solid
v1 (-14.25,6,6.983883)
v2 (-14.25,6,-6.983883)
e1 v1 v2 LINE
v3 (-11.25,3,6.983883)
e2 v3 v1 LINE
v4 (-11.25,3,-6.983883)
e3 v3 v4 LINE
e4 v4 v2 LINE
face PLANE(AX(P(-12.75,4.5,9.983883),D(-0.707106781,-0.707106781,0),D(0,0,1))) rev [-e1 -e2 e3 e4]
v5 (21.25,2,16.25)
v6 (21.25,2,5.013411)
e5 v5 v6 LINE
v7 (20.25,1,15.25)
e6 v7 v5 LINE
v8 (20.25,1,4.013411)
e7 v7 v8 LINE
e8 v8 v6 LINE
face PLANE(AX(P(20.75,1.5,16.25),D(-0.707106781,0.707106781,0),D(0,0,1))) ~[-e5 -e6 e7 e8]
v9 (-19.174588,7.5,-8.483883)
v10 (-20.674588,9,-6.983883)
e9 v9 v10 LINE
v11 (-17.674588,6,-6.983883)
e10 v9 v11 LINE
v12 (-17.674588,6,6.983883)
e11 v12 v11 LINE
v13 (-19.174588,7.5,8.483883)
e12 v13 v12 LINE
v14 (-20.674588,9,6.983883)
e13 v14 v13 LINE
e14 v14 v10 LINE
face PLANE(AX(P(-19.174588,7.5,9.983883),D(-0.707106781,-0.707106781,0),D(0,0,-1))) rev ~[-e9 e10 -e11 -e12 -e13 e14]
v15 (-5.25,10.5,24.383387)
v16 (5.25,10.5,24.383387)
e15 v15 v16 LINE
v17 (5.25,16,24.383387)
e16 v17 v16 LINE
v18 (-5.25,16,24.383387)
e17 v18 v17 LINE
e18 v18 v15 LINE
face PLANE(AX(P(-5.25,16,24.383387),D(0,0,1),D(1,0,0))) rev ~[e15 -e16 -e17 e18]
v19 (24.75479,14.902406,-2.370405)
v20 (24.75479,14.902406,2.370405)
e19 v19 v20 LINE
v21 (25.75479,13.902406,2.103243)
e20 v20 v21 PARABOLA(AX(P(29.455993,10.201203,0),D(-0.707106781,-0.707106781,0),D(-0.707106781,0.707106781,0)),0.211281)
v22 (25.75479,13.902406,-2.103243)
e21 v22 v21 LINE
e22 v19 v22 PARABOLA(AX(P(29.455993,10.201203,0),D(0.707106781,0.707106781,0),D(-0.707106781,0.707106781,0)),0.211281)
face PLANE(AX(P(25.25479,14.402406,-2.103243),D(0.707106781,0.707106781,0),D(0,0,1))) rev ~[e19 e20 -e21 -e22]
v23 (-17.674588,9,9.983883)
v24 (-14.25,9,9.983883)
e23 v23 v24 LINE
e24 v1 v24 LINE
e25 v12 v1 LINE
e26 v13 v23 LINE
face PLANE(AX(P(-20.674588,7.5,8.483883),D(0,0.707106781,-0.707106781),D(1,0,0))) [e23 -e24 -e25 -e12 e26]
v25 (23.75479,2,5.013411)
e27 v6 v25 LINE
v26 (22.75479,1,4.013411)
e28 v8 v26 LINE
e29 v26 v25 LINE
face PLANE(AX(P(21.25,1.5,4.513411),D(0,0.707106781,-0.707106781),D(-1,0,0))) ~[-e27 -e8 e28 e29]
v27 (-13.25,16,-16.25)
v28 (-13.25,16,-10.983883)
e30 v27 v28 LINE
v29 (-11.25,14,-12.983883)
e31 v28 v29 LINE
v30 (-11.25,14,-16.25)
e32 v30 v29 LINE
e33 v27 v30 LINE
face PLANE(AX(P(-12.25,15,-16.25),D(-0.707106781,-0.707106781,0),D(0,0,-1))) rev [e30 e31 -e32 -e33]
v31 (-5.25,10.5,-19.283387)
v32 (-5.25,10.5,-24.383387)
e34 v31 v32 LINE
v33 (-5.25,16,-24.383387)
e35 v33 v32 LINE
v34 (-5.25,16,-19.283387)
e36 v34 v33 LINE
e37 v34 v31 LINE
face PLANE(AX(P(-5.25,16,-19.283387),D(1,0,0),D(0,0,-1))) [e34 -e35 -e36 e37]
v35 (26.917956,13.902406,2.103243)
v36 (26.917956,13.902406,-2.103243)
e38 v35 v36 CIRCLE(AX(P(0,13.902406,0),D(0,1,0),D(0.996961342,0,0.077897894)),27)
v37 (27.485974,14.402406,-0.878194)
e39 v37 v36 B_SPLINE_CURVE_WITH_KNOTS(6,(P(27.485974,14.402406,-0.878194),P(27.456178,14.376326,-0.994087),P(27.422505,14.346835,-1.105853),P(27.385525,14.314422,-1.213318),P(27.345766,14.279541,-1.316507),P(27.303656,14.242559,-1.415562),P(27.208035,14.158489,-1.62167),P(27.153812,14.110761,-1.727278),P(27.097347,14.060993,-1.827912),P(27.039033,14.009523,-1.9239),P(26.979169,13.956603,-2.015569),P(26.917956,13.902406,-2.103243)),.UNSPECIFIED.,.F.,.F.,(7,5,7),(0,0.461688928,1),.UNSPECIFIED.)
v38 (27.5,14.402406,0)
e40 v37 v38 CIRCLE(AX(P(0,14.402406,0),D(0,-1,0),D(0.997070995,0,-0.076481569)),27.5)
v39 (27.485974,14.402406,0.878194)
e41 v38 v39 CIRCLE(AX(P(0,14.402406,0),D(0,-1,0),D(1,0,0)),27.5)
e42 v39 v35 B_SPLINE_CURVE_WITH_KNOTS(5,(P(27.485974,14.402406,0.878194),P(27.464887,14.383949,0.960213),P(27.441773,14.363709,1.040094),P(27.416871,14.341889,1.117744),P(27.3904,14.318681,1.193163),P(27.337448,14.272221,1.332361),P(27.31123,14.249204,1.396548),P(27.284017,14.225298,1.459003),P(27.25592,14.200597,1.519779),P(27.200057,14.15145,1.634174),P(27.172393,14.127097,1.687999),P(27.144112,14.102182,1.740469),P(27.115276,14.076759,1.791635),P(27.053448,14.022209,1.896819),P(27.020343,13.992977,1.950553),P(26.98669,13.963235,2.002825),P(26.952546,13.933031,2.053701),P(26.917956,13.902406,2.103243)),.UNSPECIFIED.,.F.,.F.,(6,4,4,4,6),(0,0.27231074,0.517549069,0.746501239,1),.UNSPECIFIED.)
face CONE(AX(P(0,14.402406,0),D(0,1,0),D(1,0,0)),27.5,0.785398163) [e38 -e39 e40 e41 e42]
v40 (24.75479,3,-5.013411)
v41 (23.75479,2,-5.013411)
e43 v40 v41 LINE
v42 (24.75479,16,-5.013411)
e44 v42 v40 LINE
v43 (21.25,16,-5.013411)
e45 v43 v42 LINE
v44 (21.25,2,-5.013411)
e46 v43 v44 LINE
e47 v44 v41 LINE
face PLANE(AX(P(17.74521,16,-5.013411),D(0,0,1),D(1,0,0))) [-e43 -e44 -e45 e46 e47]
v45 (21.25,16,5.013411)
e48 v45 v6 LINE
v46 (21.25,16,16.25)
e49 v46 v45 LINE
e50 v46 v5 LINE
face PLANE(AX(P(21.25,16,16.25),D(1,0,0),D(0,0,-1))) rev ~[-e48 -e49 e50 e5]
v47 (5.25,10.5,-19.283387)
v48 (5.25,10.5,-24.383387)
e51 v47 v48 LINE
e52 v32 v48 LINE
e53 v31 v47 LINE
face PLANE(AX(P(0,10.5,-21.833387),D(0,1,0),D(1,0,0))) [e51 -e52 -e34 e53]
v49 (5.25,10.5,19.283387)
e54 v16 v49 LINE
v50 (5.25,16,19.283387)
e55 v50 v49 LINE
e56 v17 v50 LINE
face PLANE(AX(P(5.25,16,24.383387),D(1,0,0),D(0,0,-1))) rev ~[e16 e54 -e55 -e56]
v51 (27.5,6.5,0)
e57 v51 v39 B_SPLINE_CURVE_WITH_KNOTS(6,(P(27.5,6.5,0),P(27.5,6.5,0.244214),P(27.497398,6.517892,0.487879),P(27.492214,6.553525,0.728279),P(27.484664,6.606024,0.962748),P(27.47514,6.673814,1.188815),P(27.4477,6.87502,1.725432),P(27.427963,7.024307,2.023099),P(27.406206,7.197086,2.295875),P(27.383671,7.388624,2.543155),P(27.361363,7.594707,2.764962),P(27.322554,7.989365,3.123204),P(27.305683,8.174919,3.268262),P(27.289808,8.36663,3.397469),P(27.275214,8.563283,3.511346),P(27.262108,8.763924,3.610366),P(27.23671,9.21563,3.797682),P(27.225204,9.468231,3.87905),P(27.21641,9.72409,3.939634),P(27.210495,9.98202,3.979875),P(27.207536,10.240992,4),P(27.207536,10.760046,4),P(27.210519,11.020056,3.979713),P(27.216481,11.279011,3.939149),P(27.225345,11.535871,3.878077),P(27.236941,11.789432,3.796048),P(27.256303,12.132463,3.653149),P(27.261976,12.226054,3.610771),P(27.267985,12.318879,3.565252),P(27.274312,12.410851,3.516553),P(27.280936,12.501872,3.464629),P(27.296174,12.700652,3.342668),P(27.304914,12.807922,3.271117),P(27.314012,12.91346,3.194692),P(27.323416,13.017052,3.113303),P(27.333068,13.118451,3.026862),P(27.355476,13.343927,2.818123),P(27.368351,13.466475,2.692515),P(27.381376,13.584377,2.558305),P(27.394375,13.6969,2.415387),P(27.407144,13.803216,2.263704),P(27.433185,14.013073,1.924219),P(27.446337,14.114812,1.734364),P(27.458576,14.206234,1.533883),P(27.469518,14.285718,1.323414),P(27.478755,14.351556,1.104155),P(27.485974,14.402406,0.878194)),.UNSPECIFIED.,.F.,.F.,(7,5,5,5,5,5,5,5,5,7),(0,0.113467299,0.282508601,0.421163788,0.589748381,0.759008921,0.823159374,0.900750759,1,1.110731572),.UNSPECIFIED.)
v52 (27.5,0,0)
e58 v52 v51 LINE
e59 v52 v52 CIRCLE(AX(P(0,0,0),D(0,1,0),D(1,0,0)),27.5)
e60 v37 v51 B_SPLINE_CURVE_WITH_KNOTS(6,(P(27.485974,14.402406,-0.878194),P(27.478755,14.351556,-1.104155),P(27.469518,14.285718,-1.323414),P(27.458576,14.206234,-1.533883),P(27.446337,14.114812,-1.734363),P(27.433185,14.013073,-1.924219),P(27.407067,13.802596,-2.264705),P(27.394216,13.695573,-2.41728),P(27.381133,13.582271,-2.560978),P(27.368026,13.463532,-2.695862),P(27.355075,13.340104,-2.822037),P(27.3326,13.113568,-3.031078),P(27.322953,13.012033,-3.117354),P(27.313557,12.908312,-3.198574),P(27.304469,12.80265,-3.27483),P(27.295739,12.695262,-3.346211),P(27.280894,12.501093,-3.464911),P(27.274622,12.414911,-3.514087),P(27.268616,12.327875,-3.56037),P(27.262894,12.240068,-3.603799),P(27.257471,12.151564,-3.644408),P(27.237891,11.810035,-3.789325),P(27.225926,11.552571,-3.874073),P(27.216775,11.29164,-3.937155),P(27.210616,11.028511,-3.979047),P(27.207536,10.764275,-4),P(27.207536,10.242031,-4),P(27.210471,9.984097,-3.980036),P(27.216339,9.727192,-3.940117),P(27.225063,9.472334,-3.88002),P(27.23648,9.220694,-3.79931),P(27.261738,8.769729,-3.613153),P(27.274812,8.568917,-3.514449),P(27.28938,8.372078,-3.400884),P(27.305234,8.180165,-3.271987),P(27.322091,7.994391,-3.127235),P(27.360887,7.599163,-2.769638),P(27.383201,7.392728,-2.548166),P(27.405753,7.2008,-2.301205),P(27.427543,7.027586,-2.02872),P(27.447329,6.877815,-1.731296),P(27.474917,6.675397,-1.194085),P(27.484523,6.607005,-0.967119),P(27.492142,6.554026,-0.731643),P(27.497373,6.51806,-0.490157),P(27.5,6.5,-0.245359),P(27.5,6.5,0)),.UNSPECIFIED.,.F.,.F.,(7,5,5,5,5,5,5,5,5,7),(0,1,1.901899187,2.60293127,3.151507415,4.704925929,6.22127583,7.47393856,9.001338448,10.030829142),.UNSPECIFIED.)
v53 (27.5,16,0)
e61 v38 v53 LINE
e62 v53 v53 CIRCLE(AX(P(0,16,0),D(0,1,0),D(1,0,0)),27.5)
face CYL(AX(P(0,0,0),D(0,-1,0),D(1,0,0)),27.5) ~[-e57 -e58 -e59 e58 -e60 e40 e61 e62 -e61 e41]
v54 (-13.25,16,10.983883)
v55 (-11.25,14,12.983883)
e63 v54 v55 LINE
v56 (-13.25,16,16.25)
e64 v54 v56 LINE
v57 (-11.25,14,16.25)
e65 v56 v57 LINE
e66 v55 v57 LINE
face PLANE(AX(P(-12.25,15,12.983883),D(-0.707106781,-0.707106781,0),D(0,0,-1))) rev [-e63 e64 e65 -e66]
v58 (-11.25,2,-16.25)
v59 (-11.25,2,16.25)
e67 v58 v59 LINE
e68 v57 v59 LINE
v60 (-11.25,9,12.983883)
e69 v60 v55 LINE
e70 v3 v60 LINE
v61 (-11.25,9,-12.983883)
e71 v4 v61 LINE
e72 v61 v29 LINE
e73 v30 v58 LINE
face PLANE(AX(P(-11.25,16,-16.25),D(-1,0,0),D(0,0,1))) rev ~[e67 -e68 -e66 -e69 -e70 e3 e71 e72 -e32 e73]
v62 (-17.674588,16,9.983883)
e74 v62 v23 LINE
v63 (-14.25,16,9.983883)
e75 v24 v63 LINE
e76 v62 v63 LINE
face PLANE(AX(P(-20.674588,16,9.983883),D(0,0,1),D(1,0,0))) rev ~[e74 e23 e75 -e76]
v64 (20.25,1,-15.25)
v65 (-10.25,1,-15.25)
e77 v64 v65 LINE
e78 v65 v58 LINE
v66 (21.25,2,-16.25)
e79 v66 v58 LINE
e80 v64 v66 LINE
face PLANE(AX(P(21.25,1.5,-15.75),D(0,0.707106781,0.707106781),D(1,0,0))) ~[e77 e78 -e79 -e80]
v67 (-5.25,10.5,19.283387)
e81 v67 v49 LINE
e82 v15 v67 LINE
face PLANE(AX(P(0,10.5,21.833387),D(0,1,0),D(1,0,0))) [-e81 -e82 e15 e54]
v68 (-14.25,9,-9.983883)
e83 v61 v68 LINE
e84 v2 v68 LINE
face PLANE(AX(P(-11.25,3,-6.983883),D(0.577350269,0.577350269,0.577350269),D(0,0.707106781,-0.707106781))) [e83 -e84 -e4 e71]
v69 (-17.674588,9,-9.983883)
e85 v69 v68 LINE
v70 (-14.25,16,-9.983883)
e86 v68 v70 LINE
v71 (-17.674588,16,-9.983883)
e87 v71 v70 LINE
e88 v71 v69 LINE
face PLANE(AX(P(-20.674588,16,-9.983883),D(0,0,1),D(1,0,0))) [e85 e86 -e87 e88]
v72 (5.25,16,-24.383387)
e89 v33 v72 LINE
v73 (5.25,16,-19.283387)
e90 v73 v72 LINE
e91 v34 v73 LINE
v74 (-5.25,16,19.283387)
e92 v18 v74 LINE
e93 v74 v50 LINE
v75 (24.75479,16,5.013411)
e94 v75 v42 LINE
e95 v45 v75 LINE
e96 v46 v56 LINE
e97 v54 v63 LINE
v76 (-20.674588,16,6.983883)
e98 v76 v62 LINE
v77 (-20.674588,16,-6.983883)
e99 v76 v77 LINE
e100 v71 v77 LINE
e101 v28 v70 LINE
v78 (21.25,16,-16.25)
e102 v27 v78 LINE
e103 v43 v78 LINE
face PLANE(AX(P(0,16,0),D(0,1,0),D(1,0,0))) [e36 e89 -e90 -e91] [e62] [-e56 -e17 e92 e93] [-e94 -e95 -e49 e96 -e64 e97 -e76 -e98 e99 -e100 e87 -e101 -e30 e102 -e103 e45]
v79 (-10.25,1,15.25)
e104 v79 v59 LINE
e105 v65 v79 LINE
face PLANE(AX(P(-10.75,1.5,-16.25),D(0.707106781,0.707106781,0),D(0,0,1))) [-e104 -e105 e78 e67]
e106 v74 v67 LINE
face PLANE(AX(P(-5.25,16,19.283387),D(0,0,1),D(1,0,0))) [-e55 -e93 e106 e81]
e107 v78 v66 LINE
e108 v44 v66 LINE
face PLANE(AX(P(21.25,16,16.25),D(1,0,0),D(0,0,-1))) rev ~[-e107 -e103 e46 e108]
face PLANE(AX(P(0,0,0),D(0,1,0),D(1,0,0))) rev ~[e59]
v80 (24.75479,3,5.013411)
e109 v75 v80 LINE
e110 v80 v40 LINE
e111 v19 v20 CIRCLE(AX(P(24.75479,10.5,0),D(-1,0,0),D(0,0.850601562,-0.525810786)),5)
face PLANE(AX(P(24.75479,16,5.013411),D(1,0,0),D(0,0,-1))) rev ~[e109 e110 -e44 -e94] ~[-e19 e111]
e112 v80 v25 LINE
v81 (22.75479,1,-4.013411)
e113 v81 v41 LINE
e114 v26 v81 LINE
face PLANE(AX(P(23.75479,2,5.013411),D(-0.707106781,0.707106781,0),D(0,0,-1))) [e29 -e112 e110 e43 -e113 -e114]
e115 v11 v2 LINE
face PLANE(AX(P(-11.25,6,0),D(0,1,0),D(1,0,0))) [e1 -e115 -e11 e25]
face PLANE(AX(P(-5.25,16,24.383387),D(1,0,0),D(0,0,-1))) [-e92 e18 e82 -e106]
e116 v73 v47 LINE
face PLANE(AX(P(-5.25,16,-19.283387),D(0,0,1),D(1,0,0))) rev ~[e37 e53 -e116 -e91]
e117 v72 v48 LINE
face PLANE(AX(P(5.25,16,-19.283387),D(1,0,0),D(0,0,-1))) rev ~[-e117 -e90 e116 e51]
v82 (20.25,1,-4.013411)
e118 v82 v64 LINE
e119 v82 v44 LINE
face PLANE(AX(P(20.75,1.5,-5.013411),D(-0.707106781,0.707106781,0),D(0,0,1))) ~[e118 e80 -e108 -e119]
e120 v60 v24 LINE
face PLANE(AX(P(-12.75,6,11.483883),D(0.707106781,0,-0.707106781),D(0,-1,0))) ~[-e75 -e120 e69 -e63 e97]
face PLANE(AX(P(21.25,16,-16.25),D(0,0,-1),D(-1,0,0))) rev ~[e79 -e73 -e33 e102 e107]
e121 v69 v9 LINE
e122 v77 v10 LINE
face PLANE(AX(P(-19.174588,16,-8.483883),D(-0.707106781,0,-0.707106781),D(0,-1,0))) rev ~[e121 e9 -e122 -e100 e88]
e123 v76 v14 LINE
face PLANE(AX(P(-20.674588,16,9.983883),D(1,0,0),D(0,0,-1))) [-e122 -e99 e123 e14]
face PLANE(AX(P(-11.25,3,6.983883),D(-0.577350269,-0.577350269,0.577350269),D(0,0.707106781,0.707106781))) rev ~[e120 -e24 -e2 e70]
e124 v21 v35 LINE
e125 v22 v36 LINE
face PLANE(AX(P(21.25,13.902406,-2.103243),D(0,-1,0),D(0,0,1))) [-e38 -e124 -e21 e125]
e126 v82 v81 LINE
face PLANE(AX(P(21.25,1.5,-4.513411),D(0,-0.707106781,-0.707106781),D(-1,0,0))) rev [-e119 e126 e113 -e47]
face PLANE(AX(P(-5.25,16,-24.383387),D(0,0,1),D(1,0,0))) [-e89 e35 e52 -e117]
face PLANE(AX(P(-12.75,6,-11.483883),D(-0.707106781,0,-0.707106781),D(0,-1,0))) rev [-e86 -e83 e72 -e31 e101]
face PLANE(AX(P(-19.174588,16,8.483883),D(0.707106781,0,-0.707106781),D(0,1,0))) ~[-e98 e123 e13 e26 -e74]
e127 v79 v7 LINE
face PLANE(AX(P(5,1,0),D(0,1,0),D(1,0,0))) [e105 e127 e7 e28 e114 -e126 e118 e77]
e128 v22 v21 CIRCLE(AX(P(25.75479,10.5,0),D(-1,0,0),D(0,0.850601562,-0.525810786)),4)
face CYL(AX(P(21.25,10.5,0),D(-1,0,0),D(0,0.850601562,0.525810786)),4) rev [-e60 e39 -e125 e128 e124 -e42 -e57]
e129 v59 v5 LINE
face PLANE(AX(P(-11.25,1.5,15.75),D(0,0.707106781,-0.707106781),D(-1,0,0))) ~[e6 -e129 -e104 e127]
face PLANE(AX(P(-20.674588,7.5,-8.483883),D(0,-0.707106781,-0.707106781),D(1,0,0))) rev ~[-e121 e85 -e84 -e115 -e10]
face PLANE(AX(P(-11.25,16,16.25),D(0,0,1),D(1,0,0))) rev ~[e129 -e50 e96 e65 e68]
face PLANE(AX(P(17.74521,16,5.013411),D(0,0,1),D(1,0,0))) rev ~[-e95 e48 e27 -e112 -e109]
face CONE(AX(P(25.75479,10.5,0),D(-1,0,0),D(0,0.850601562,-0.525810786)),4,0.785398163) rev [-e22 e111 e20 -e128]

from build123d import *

# Parameters (mm, degrees)
SKETCH1_R           = 27.5
BOSS_EXTRUDE1_DEPTH = 16
CUT_EXTRUDE1_DEPTH  = 15
CUT_EXTRUDE2_DEPTH  = 15
SKETCH6_W           = 18.849176954
SKETCH6_H           = 19.96776686
CUT_EXTRUDE4_DEPTH  = 10
CHAMFER2_SIZE       = 3
CHAMFER3_SIZE       = 3
SKETCH8_W           = 7.009579852
SKETCH8_H           = 10.026822324
CUT_EXTRUDE5_DEPTH  = 15
CHAMFER4_SIZE       = 1
CHAMFER5_SIZE       = 2
CHAMFER6_SIZE       = 2
CHAMFER7_SIZE       = 1
CHAMFER8_SIZE       = 0.5
SKETCH9_W           = 10.5
SKETCH9_H           = 5.1
CUT_EXTRUDE6_DEPTH  = 5.5


with BuildPart() as part:
    # Sketch1 → Boss-Extrude1 (new body)
    with BuildSketch(Plane(origin=(0, 0, 0), x_dir=(1, 0, 0), z_dir=(0, 1, 0))):
        Circle(SKETCH1_R)
    extrude(amount=BOSS_EXTRUDE1_DEPTH)

    # Sketch3 → Cut-Extrude1 (cut)
    with BuildSketch(Plane(origin=(0, 16, 0), x_dir=(1, 0, 0), z_dir=(0, 1, 0))):
        Polygon((-11.25, -16.25), (16.25, -16.25), (21.25, -16.25), (21.25, 16.25), (16.25, 16.25), (-11.25, 16.25), align=None)
    extrude(amount=-CUT_EXTRUDE1_DEPTH, mode=Mode.SUBTRACT)

    # Sketch4 → Cut-Extrude2 (cut)
    with BuildSketch(Plane.ZY.offset(-21.25)):
        with BuildLine():
            Line((-2.103243144, 13.902406248), (2.103243144, 13.902406248))
            ThreePointArc((2.103243144, 13.902406248), (0, 6.5), (-2.103243144, 13.902406248))
        make_face()
    extrude(amount=-CUT_EXTRUDE2_DEPTH, mode=Mode.SUBTRACT)

    # Sketch6 → Cut-Extrude4 (cut)
    with BuildSketch(Plane(origin=(0, 16, 0), x_dir=(1, 0, 0), z_dir=(0, 1, 0))):
        with Locations((-11.25, 0)):
            Rectangle(SKETCH6_W, SKETCH6_H)
    extrude(amount=-CUT_EXTRUDE4_DEPTH, mode=Mode.SUBTRACT)

    # Chamfer2
    chamfer2_edges = [part.edges().sort_by_distance(p)[0] for p in [
        (-11.25, 6, 0),
        (-11.25, 11, -9.98388343),
        (-11.25, 11, 9.98388343),
        (-15.962294239, 6, 9.98388343),
        (-15.962294239, 6, -9.98388343),
        (-20.674588477, 6, 0),
    ]]
    chamfer(chamfer2_edges, length=CHAMFER2_SIZE)

    # Chamfer3
    chamfer3_edges = [part.edges().sort_by_distance(p)[0] for p in [
        (-20.674588477, 12.5, 9.98388343),
        (-20.674588477, 12.5, -9.98388343),
    ]]
    chamfer(chamfer3_edges, length=CHAMFER3_SIZE)

    # Sketch8 → Cut-Extrude5 (cut)
    with BuildSketch(Plane(origin=(0, 16, 0), x_dir=(1, 0, 0), z_dir=(0, 1, 0))):
        with Locations((21.25, 0)):
            Rectangle(SKETCH8_W, SKETCH8_H)
    extrude(amount=-CUT_EXTRUDE5_DEPTH, mode=Mode.SUBTRACT)

    # Chamfer4
    chamfer4_edges = [part.edges().sort_by_distance(p)[0] for p in [
        (24.754789926, 6.5, 0),
        (24.754789926, 13.902406248, 0),
    ]]
    chamfer(chamfer4_edges, length=CHAMFER4_SIZE)

    # Chamfer5
    chamfer5_edges = [part.edges().sort_by_distance(p)[0] for p in [
        (24.754789926, 1, 0),
    ]]
    chamfer(chamfer5_edges, length=CHAMFER5_SIZE)

    # Chamfer6
    chamfer6_edges = [part.edges().sort_by_distance(p)[0] for p in [
        (-11.25, 16, -14.616941715),
        (-11.25, 16, 14.616941715),
    ]]
    chamfer(chamfer6_edges, length=CHAMFER6_SIZE)

    # Chamfer7
    chamfer7_edges = [part.edges().sort_by_distance(p)[0] for p in [
        (22.002394963, 1, 5.013411162),
        (22.002394963, 1, -5.013411162),
        (5, 1, -16.25),
        (21.25, 1, 10.631705581),
        (5, 1, 16.25),
        (-11.25, 1, 0),
        (21.25, 1, -10.631705581),
    ]]
    chamfer(chamfer7_edges, length=CHAMFER7_SIZE)

    # Chamfer8
    chamfer8_edges = [part.edges().sort_by_distance(p)[0] for p in [
        (27.479855714, 13.902406248, 1.05239247),
    ]]
    chamfer(chamfer8_edges, length=CHAMFER8_SIZE)

    # Sketch9 → Cut-Extrude6 (cut)
    with BuildSketch(Plane(origin=(0, 16, 0), x_dir=(1, 0, 0), z_dir=(0, 1, 0))):
        with Locations((0, 21.833387082)):
            Rectangle(SKETCH9_W, SKETCH9_H)
        with Locations((0, -21.833387082)):
            Rectangle(SKETCH9_W, SKETCH9_H)
    extrude(amount=-CUT_EXTRUDE6_DEPTH, mode=Mode.SUBTRACT)


solid = part.part
